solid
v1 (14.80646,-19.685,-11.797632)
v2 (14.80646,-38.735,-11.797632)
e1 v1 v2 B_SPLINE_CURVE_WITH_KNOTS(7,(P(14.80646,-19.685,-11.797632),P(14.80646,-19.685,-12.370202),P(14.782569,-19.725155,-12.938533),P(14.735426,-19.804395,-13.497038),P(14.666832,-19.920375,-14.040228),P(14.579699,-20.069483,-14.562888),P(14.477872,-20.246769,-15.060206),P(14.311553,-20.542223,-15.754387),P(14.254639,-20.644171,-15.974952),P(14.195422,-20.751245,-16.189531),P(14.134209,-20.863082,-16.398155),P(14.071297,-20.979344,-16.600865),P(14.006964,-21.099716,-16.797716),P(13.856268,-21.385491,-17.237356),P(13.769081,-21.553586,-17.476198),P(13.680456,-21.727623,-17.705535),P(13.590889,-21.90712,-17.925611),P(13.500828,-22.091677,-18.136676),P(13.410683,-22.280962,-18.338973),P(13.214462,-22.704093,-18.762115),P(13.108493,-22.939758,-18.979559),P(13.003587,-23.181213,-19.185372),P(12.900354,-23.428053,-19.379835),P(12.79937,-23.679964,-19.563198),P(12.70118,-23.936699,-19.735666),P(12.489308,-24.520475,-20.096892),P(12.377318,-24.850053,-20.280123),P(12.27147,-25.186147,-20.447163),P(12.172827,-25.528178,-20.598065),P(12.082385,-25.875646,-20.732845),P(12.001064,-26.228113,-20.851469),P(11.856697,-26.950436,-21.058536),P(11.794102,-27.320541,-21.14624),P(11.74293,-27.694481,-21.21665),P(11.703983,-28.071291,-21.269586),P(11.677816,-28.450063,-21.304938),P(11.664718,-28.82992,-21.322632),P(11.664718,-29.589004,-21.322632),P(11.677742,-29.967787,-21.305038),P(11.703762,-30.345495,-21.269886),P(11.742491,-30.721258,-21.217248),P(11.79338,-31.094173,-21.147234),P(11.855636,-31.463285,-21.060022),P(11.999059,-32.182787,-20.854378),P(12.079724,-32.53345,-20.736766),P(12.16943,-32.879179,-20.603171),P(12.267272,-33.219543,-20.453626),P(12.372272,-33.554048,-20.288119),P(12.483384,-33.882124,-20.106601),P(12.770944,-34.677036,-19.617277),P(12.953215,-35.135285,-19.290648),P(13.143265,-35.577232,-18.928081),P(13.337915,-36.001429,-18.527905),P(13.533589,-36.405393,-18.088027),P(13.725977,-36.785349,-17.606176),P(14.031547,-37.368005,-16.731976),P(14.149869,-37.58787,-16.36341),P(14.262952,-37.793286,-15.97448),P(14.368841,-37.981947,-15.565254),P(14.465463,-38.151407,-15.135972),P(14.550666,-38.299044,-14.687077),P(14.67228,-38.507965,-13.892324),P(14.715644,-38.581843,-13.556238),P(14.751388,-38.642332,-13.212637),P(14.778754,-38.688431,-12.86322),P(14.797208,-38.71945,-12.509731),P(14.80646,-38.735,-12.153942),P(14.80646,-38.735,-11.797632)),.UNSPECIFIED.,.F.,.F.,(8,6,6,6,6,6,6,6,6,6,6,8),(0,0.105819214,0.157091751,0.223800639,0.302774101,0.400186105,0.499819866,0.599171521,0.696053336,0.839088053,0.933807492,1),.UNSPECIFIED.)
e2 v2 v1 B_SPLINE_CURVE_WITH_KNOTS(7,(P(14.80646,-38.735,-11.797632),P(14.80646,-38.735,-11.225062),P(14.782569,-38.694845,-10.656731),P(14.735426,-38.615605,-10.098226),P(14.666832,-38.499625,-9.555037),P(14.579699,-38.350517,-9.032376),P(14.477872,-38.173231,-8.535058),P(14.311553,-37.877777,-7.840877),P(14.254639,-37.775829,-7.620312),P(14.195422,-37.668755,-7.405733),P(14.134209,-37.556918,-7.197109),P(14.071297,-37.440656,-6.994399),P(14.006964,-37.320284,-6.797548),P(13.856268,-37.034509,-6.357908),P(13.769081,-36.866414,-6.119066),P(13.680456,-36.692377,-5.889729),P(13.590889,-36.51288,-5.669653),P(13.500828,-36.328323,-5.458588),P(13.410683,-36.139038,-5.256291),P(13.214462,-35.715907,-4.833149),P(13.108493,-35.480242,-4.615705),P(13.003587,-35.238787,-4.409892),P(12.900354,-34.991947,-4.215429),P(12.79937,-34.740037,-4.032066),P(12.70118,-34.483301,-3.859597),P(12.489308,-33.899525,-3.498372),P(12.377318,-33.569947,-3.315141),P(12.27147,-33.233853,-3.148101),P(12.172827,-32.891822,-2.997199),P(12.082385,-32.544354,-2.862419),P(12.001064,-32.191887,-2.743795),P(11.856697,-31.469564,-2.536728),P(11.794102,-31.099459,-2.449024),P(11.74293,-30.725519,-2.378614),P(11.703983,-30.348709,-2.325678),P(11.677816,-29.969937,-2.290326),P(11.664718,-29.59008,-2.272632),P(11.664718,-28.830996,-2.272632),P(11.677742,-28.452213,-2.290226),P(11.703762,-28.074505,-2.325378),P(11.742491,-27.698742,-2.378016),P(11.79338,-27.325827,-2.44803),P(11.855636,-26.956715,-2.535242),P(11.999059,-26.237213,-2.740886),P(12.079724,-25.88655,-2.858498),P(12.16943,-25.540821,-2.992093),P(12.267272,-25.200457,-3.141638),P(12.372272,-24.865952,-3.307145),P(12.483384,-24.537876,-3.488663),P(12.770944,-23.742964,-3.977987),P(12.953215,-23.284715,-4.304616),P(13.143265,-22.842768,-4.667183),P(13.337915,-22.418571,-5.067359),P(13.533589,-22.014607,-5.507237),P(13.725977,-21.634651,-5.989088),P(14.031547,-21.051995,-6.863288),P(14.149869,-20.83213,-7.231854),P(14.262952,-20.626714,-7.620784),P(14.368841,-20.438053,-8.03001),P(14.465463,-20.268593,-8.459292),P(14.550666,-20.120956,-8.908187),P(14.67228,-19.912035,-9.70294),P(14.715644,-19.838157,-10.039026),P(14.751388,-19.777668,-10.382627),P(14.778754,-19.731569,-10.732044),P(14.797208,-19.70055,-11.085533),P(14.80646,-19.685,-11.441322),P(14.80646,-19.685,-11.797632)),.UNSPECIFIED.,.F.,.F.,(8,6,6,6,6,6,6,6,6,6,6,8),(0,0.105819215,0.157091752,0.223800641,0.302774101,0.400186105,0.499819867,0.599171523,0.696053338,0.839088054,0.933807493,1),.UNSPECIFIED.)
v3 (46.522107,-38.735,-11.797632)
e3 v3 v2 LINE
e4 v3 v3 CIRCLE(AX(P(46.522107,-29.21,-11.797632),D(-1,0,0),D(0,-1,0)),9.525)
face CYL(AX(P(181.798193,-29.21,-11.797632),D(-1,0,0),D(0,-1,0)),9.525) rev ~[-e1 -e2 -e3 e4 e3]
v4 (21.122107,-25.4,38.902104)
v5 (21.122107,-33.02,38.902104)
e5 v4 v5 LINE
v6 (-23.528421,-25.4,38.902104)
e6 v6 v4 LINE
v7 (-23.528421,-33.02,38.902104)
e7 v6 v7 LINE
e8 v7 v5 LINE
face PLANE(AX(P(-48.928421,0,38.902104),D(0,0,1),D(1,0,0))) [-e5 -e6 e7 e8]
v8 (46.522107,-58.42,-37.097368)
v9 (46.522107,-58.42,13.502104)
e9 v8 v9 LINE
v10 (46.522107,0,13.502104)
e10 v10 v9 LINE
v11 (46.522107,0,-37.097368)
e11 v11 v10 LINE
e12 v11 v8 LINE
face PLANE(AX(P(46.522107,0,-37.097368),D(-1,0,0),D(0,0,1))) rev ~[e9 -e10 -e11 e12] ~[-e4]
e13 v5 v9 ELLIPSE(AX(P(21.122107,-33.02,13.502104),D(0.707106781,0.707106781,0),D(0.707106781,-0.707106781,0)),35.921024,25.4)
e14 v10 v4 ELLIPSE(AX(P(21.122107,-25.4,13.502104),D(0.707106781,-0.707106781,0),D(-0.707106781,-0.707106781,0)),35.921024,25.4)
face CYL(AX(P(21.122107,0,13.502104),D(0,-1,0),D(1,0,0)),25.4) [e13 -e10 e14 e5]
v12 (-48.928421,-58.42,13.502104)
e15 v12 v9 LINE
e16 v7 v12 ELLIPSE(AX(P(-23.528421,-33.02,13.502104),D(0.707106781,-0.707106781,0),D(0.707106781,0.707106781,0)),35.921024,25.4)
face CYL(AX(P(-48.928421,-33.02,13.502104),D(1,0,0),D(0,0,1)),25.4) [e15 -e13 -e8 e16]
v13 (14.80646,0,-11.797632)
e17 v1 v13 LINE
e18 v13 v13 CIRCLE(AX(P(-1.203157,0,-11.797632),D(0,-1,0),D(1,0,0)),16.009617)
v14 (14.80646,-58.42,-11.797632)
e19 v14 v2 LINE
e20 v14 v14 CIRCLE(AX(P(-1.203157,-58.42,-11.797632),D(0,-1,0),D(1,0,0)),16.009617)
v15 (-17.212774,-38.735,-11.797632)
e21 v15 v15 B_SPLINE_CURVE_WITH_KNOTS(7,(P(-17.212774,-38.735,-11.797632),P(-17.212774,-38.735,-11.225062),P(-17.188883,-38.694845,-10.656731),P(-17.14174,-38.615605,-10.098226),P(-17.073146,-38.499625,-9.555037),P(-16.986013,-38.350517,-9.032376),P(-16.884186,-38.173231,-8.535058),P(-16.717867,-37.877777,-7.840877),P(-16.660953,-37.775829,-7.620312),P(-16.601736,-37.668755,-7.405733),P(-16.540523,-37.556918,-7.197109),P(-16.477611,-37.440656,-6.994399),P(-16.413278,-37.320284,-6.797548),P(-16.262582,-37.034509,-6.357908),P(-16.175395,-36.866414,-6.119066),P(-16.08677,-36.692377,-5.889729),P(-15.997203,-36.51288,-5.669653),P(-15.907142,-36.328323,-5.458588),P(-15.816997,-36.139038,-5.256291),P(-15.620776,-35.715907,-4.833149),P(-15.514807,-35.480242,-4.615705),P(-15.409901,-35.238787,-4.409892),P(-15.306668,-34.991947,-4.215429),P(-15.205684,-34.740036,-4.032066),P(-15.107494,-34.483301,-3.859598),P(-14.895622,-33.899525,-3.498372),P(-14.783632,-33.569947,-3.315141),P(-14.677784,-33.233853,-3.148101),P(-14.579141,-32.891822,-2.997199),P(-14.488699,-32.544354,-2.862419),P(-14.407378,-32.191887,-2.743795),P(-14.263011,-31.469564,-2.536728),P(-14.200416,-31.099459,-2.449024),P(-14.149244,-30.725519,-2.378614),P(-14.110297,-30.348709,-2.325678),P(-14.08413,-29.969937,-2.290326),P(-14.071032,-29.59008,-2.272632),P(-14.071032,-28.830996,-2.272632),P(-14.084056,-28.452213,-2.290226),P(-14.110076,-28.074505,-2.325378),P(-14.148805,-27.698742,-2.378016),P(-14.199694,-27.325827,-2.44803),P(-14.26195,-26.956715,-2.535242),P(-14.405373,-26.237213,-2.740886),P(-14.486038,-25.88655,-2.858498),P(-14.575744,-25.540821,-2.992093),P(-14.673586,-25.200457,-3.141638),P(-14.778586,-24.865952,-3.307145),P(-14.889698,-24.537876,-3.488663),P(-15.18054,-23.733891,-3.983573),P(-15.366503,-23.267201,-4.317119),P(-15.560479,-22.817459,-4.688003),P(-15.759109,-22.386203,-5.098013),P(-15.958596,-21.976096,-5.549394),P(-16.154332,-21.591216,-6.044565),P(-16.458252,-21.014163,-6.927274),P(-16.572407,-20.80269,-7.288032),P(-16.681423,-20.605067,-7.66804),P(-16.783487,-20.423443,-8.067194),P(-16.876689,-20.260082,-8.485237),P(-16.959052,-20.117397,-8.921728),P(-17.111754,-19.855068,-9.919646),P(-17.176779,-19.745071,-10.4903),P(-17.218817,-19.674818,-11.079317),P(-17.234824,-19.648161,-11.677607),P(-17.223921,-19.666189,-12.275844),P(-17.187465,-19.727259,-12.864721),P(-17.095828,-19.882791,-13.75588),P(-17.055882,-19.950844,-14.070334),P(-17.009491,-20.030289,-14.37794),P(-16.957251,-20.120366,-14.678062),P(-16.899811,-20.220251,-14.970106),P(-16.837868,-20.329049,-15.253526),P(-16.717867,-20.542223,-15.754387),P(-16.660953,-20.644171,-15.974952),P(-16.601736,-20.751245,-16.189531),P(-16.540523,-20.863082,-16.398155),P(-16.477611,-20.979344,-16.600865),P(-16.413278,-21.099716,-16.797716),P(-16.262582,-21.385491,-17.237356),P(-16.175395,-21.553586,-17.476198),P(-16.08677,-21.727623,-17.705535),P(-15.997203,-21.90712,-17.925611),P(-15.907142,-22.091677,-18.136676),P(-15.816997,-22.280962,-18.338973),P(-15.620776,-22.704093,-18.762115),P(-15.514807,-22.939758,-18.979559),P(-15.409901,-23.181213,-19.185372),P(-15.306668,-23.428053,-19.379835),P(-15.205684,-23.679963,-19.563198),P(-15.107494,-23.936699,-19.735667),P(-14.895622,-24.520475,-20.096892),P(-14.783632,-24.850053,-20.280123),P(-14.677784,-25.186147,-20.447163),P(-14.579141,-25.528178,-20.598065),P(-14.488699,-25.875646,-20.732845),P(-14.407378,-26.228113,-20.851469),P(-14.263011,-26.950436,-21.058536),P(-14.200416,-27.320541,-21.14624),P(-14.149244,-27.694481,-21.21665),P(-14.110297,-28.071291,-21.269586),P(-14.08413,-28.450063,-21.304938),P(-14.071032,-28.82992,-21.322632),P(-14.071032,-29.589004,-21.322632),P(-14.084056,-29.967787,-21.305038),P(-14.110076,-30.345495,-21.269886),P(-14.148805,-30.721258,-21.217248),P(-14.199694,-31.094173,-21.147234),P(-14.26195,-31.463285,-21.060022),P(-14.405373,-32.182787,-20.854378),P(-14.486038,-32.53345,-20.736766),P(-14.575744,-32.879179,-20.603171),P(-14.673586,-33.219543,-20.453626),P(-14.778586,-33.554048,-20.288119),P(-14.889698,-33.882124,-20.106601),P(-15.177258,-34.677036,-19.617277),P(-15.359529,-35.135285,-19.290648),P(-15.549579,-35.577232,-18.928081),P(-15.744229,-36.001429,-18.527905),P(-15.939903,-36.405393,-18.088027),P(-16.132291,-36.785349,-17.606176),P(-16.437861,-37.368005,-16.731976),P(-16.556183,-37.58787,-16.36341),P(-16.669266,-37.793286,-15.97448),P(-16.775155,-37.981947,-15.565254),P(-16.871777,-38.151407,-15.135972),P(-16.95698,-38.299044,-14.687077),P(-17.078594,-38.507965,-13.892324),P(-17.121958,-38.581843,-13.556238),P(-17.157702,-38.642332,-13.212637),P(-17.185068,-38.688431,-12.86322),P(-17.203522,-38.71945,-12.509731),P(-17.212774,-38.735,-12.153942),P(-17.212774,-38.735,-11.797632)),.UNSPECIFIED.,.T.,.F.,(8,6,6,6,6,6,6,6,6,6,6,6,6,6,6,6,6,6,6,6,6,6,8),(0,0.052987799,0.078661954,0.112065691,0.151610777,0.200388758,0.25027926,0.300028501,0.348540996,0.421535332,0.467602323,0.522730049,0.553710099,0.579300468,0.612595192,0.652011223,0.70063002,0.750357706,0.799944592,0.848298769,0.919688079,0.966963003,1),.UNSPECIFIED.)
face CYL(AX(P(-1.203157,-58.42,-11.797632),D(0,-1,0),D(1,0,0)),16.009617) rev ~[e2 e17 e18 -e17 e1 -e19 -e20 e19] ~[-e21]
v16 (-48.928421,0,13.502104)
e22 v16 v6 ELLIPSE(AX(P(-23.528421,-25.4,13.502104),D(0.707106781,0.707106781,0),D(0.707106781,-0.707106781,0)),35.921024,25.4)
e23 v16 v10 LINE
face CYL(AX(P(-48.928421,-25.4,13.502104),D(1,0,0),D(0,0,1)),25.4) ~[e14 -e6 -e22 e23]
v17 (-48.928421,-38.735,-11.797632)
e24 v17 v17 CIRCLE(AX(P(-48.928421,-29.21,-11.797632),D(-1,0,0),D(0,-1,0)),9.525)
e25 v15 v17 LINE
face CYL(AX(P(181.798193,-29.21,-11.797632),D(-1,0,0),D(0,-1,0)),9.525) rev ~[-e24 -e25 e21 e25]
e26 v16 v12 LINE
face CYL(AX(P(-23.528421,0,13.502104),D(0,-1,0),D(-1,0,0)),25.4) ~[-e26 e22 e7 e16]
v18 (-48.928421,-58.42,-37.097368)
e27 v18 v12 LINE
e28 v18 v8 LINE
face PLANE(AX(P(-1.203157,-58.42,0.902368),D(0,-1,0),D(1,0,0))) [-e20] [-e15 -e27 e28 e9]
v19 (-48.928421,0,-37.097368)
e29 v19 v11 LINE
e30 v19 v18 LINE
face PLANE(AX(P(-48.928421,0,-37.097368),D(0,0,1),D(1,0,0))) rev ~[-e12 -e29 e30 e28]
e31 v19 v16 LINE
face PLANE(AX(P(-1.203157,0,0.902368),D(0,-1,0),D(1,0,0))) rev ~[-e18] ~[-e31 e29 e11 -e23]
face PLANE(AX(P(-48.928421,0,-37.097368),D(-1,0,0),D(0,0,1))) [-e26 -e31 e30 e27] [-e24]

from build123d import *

# Parameters (mm, degrees)
F0_W     = 95.450528
F0_H     = 75.999472
F1_DEPTH = 58.42
F2_R     = 25.4
F3_R     = 16.009617
F4_DEPTH = 58.421
F6_D     = 19.05


with BuildPart() as f1:
    # F0 (on Front) → F1 (new body)
    with BuildSketch(Plane.XZ):
        with Locations((-1.203157, 0.902368)):
            Rectangle(F0_W, F0_H)
    extrude(amount=F1_DEPTH)

    # F2
    f2_edges = [f1.edges().sort_by_distance(p)[0] for p in [
        (-1.203157, -58.42, 38.902104),
        (46.522107, -29.21, 38.902104),
        (-48.928421, -29.21, 38.902104),
        (-1.203157, 0, 38.902104),
    ]]
    fillet(f2_edges, radius=F2_R)

    # F3 (on face) → F4 (cut, through all)
    with BuildSketch(Plane.XZ.offset(58.42)):
        with Locations((-1.203157, -11.797632)):
            Circle(F3_R)
    extrude(amount=-F4_DEPTH, mode=Mode.SUBTRACT)

    # F6 (through all)
    with Locations(Plane.YZ.offset(46.522107)):
        with Locations((-29.21, -11.797632)):
            Hole(F6_D / 2)


solid = f1.part
